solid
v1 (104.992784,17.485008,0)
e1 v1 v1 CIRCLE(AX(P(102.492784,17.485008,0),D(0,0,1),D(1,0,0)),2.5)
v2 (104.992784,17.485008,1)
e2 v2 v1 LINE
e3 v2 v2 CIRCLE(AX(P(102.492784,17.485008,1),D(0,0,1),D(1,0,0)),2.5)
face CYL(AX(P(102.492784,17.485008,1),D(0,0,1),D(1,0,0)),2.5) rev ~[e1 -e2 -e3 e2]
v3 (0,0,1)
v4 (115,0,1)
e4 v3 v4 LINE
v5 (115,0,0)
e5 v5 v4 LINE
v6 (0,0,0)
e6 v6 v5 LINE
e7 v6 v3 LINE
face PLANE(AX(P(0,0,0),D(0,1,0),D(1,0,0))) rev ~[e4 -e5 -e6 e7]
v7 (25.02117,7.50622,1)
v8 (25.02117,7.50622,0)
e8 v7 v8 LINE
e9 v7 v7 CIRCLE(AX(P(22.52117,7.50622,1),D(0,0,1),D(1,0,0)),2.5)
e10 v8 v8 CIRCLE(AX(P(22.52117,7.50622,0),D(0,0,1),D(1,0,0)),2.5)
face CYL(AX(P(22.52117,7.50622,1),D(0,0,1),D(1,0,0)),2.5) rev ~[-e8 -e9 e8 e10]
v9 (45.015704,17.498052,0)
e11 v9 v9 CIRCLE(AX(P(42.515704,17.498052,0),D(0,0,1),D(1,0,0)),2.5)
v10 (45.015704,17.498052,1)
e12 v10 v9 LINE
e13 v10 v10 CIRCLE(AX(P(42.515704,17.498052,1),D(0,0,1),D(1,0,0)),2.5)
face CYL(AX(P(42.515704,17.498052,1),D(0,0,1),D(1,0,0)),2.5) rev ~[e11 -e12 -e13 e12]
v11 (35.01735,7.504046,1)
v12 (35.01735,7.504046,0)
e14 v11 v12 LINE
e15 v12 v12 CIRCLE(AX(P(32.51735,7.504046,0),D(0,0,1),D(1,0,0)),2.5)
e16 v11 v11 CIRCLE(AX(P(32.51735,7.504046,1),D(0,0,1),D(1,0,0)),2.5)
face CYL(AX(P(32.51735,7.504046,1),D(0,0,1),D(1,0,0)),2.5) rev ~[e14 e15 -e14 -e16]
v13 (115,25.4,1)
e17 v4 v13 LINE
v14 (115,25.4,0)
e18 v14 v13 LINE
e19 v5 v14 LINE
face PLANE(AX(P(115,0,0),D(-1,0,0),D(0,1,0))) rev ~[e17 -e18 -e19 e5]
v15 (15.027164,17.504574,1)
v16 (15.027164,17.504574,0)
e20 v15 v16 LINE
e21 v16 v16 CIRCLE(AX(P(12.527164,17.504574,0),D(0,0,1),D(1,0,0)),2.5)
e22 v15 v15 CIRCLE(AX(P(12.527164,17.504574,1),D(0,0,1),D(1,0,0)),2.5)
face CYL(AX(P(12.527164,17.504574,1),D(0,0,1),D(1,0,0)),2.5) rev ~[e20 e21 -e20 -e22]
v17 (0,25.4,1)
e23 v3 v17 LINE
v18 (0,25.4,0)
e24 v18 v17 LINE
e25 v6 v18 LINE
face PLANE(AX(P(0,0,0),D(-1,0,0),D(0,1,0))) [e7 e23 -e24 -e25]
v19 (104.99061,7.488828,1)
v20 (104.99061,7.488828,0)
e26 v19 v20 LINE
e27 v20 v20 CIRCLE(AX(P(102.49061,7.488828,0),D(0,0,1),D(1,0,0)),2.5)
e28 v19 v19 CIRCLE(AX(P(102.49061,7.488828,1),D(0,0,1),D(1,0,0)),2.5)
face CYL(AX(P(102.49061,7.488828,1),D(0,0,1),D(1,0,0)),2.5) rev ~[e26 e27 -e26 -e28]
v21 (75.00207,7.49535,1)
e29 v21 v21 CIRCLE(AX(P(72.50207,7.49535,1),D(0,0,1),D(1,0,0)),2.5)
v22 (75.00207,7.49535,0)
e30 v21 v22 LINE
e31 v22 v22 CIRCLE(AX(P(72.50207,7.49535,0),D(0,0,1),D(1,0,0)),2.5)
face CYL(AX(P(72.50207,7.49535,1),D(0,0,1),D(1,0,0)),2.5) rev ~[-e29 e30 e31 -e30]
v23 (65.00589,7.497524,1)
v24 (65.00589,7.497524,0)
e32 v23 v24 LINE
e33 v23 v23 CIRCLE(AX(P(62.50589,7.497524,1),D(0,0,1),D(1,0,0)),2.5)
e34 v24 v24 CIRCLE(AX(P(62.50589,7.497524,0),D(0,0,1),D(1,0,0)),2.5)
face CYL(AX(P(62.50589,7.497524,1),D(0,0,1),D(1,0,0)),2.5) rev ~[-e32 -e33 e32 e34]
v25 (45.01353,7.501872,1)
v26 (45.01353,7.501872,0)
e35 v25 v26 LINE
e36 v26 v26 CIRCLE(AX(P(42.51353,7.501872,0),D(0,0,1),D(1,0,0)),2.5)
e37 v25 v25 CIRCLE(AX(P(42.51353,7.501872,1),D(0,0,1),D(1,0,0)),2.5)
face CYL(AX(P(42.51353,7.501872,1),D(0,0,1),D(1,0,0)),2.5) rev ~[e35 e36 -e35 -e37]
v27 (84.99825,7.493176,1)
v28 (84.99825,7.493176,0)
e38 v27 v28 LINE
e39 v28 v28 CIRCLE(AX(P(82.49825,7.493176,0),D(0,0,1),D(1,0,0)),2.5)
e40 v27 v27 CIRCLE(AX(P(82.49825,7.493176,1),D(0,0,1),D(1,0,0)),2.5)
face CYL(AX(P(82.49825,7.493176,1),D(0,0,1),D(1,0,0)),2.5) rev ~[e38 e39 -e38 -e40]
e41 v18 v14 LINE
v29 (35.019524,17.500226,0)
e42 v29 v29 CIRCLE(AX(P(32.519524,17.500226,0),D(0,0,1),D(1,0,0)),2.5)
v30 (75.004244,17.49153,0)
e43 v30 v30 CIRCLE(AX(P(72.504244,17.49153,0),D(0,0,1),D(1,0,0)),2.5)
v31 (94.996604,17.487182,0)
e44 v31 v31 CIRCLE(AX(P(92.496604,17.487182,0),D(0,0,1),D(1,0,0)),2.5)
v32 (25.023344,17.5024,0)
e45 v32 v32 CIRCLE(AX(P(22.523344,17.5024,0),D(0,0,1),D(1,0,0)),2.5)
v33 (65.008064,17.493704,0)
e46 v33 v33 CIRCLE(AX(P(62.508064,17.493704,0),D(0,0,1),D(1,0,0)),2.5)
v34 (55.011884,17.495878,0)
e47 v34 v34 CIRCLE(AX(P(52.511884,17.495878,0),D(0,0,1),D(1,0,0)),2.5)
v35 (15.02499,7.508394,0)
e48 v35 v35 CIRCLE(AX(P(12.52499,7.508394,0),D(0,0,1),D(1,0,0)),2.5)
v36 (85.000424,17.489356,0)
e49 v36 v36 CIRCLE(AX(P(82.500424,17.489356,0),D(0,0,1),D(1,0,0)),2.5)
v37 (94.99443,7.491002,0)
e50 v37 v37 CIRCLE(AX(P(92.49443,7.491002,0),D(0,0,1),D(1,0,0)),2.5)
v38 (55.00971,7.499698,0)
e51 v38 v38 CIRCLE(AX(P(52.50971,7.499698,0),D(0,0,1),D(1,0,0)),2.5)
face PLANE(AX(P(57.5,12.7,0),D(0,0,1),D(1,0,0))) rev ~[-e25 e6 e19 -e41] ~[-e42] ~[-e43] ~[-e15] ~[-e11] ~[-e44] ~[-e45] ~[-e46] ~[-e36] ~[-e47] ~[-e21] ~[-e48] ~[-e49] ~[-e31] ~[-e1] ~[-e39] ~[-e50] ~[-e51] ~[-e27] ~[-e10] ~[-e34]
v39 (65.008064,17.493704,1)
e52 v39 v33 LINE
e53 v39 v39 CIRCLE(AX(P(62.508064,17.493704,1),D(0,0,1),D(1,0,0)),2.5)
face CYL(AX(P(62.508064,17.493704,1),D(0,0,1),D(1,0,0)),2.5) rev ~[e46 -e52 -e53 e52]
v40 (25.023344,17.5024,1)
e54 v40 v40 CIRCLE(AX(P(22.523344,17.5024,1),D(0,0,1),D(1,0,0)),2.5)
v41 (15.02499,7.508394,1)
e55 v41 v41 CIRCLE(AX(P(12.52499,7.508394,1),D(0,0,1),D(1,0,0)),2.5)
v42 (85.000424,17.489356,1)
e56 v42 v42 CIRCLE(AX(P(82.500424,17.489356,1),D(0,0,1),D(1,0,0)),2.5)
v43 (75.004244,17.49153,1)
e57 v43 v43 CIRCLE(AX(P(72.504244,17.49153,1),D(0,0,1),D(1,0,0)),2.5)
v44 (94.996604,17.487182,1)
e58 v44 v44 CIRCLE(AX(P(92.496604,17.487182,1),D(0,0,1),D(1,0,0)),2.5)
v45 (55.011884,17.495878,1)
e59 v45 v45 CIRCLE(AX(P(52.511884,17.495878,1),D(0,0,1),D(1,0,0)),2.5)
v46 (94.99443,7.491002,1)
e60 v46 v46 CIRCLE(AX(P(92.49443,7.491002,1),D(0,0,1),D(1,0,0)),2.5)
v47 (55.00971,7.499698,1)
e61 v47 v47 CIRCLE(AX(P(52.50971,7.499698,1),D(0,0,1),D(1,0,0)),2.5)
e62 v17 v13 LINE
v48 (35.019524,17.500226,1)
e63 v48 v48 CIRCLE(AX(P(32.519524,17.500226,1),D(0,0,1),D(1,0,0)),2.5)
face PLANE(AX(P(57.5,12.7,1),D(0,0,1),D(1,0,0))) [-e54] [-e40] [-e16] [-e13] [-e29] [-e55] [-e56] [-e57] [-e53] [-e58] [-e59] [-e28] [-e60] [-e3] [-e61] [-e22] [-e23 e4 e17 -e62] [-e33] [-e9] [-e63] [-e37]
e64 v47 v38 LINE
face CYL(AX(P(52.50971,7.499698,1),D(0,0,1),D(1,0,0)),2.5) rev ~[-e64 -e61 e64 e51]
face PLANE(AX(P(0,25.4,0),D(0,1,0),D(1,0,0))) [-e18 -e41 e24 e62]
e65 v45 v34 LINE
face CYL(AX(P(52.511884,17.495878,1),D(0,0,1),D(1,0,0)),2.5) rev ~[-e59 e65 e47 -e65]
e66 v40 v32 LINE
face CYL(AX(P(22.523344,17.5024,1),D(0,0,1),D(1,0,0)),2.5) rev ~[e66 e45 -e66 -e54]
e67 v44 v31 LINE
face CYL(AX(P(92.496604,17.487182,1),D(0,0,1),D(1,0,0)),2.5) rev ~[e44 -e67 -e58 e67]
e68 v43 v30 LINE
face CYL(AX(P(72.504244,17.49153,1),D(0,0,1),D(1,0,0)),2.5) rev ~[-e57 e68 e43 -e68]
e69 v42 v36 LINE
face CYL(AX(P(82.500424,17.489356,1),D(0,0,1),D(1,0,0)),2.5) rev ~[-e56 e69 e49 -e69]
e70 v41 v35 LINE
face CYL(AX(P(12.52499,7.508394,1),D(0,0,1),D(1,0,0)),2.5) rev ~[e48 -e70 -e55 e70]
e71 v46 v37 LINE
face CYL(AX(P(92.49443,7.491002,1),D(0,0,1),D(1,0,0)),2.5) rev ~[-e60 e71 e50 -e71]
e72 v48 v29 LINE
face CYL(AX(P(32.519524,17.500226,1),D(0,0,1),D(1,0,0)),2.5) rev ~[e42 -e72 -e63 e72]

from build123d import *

# Parameters (mm, degrees)
BOX_W        = 115
BOX_H        = 25.4
BOX_DEPTH    = 1
SKETCH_R     = 2.5
POCKET_DEPTH = 5


with BuildPart() as part:
    # Box → Box (new body)
    with BuildSketch(Plane.XY):
        with Locations((57.5, 12.7)):
            Rectangle(BOX_W, BOX_H)
    extrude(amount=BOX_DEPTH)

    # Sketch (on Face6 of BaseFeature) → Pocket (cut)
    with BuildSketch(Plane.XY.offset(1)):
        with Locations((12.527164, 17.504574)):
            Circle(SKETCH_R)
        with Locations((22.523344, 17.5024)):
            Circle(SKETCH_R)
        with Locations((32.519524, 17.500226)):
            Circle(SKETCH_R)
        with Locations((42.515704, 17.498052)):
            Circle(SKETCH_R)
        with Locations((52.511884, 17.495878)):
            Circle(SKETCH_R)
        with Locations((62.508064, 17.493704)):
            Circle(SKETCH_R)
        with Locations((72.504244, 17.49153)):
            Circle(SKETCH_R)
        with Locations((82.500424, 17.489356)):
            Circle(SKETCH_R)
        with Locations((92.496604, 17.487182)):
            Circle(SKETCH_R)
        with Locations((102.492784, 17.485008)):
            Circle(SKETCH_R)
        with Locations((12.52499, 7.508394)):
            Circle(SKETCH_R)
        with Locations((22.52117, 7.50622)):
            Circle(SKETCH_R)
        with Locations((32.51735, 7.504046)):
            Circle(SKETCH_R)
        with Locations((42.51353, 7.501872)):
            Circle(SKETCH_R)
        with Locations((52.50971, 7.499698)):
            Circle(SKETCH_R)
        with Locations((62.50589, 7.497524)):
            Circle(SKETCH_R)
        with Locations((72.50207, 7.49535)):
            Circle(SKETCH_R)
        with Locations((82.49825, 7.493176)):
            Circle(SKETCH_R)
        with Locations((92.49443, 7.491002)):
            Circle(SKETCH_R)
        with Locations((102.49061, 7.488828)):
            Circle(SKETCH_R)
    extrude(amount=-POCKET_DEPTH, mode=Mode.SUBTRACT)


solid = part.part
